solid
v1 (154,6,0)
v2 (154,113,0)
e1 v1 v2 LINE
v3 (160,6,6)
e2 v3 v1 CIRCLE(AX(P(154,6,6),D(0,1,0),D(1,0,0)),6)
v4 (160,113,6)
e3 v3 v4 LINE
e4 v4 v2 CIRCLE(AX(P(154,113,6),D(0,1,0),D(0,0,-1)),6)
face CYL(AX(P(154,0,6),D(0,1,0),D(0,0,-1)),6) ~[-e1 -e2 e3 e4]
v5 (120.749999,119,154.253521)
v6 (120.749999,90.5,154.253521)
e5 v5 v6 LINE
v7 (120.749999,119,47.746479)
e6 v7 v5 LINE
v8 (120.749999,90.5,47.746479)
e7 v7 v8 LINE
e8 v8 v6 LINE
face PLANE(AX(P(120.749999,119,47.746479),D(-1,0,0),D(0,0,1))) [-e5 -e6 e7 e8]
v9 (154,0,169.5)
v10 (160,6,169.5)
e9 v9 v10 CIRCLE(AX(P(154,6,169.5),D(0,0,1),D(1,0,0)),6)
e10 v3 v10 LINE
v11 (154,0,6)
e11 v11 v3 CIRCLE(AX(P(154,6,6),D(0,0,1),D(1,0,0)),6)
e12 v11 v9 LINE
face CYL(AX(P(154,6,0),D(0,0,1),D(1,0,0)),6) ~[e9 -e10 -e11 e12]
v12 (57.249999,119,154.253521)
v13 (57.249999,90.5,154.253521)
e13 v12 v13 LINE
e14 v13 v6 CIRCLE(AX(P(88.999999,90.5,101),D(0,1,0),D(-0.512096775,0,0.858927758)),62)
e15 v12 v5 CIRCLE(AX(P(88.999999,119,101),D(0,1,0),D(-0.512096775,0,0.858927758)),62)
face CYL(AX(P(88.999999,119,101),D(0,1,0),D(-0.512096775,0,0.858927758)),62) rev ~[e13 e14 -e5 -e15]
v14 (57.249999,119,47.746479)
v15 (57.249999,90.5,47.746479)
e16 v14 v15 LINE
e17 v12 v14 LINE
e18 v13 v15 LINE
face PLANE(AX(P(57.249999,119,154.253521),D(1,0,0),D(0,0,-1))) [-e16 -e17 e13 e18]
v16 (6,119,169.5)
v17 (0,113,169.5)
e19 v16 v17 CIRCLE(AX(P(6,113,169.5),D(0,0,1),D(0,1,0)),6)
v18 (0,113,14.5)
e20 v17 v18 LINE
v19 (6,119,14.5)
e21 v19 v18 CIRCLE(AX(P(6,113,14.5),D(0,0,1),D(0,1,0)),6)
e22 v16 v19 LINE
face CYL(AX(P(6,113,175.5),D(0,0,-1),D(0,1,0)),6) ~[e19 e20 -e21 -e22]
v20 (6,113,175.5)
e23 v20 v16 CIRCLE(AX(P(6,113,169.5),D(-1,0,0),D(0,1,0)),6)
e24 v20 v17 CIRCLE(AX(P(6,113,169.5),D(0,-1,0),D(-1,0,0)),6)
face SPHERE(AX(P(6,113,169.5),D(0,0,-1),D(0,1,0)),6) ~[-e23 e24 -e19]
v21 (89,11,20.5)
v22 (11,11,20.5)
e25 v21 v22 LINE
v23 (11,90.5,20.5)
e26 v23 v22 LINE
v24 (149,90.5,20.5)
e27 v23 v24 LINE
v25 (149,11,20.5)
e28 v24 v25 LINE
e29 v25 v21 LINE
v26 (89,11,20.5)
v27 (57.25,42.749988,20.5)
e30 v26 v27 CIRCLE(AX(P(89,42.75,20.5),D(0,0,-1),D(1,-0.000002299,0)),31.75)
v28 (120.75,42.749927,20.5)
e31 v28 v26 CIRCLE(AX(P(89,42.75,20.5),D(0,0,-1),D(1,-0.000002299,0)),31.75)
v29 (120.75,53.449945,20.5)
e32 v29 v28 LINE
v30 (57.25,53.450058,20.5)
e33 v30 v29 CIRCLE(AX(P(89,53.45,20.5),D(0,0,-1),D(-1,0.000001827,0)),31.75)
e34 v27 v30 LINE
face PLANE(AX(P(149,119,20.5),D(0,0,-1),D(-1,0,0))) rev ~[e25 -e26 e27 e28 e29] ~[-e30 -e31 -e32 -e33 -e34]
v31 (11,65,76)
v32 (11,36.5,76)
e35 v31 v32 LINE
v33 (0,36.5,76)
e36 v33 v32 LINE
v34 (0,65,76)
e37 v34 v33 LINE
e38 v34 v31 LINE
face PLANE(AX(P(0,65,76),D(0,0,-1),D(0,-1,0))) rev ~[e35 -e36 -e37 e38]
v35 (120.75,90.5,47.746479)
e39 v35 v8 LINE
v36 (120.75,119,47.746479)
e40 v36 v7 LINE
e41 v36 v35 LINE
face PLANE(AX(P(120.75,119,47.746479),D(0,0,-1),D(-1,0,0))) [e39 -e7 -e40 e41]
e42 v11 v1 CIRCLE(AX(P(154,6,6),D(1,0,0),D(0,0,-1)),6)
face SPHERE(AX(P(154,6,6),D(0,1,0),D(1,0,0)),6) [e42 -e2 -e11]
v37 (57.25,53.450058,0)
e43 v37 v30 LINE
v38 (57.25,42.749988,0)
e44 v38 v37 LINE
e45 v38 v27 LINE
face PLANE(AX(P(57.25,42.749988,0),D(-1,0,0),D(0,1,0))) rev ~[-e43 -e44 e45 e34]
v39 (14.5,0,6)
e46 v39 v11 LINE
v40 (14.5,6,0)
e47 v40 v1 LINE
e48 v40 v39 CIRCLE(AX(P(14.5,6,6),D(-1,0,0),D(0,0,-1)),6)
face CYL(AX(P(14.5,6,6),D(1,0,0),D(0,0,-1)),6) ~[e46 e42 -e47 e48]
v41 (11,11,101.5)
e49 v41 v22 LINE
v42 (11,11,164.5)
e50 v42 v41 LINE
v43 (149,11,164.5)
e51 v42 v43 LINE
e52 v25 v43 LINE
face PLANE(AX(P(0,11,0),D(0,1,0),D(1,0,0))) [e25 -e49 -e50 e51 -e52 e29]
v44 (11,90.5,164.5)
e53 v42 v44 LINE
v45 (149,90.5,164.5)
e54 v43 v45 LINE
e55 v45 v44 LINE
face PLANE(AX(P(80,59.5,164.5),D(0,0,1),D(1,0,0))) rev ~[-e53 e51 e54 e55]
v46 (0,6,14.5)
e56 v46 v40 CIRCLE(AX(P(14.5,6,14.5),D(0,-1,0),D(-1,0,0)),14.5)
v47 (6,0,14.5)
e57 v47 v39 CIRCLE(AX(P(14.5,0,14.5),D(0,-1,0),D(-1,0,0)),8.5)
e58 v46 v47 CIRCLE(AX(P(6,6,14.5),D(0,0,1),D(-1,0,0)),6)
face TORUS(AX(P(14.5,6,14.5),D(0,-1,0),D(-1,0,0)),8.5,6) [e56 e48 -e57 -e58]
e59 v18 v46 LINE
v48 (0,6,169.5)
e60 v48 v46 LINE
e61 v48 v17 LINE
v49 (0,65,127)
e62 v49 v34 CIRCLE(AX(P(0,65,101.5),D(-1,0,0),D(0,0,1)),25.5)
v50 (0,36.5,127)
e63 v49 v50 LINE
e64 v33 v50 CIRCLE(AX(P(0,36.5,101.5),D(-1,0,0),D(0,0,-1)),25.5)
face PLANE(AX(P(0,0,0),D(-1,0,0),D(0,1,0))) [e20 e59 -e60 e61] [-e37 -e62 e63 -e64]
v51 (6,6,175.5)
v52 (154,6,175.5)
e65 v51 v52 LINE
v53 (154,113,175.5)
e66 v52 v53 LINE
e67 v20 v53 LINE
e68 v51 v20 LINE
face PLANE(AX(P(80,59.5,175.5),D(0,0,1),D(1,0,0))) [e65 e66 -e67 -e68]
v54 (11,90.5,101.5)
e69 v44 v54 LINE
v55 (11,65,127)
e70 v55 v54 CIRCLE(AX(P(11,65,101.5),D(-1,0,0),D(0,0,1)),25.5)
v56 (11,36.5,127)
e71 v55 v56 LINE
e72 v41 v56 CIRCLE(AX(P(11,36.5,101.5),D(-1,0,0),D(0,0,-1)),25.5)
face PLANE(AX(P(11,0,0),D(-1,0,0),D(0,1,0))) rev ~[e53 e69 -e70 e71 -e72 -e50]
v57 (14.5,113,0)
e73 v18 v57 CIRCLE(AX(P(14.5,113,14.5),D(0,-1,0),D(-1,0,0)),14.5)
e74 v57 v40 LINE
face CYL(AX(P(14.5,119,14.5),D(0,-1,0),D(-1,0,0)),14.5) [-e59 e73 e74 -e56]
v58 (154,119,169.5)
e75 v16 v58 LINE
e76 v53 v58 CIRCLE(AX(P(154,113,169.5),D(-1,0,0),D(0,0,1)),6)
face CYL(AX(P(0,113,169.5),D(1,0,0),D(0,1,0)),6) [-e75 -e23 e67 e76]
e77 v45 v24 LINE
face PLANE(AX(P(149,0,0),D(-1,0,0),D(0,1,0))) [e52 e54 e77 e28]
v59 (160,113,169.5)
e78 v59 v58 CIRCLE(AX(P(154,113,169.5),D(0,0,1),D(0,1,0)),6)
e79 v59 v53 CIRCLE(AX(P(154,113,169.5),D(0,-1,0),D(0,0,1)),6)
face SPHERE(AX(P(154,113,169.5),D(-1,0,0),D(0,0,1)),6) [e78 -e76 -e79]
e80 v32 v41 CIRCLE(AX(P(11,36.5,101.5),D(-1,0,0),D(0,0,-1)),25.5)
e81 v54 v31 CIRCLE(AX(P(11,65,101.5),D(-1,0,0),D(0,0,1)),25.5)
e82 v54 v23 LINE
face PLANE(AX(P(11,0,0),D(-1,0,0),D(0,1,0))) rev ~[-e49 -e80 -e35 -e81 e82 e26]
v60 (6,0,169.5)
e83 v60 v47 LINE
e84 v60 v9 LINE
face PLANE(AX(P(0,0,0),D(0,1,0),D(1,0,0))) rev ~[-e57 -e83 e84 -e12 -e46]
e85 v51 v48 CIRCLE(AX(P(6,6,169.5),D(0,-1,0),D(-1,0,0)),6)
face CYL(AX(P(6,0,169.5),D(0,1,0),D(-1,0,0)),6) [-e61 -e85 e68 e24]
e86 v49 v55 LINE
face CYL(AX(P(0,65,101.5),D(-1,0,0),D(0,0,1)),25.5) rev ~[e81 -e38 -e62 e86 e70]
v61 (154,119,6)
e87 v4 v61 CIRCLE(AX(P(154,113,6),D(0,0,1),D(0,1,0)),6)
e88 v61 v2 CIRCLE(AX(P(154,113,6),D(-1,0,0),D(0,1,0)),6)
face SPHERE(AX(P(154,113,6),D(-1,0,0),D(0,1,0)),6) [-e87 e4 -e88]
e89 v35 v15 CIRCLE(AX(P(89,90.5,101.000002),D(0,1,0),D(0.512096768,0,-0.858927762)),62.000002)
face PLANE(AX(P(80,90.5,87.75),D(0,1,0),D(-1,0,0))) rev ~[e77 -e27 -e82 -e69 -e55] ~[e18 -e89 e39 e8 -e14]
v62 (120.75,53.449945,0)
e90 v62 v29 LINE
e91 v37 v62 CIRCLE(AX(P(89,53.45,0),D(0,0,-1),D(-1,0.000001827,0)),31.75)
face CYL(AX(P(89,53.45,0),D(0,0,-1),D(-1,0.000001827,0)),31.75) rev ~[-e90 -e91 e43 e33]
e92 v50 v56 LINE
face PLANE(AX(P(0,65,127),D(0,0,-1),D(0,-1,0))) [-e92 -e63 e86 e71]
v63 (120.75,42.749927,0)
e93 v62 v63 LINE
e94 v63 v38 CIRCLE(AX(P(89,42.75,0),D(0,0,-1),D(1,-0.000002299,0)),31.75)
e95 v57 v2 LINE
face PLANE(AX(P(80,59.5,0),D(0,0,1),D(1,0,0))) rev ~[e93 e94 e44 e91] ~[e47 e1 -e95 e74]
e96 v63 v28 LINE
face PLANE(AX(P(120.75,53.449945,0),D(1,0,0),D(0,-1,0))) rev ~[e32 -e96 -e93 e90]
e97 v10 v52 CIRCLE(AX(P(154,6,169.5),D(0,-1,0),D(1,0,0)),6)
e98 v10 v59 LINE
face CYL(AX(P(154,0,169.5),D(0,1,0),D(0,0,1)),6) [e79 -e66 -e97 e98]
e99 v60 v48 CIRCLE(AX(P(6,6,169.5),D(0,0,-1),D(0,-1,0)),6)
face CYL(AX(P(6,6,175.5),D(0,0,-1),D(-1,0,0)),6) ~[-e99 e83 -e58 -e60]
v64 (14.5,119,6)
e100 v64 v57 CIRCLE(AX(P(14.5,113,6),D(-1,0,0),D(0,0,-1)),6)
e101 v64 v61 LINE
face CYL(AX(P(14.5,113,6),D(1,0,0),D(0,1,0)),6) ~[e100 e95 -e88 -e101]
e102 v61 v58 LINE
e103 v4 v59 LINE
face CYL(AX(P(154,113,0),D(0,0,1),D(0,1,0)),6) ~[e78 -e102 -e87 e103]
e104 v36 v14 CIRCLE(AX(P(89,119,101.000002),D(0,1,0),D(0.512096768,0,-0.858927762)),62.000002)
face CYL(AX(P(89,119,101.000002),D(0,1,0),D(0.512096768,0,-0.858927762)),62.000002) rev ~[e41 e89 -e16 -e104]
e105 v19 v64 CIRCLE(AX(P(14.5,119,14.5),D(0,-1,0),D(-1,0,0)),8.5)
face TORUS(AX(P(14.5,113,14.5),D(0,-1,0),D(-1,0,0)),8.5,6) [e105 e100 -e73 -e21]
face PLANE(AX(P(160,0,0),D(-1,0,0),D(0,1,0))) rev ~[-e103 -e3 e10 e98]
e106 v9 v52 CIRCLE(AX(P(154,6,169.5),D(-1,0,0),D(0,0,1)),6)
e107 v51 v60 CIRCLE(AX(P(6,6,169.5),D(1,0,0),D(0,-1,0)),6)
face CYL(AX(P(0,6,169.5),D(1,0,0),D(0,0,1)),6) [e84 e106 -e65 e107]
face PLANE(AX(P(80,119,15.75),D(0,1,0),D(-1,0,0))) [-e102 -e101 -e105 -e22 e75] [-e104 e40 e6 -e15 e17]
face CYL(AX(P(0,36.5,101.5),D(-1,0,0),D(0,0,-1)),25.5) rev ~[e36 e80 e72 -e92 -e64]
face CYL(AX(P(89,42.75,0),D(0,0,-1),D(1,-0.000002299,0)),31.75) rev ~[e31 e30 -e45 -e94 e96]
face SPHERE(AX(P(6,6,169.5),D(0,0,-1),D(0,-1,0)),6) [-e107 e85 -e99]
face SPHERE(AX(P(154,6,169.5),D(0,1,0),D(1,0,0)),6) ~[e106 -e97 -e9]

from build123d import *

# Parameters (mm, degrees)
SKETCH_W             = 160
SKETCH_H             = 119
PAD_DEPTH            = 175.5
THICKNESS_T          = -11
SKETCH001_W          = 138
SKETCH001_H          = 9.5
PAD001_DEPTH         = 108
SKETCH002_W          = 160
SKETCH002_H          = 175.5
PAD002_DEPTH         = 28.5
POCKET_DEPTH         = 20.5
POCKET001_DEPTH      = 11
POCKET002_DEPTH      = 32
POCKET002_DEPTH_BACK = 1
FILLET_R             = 14.5
FILLET001_R          = 6


with BuildPart() as part:
    # Sketch → Pad (new body)
    with BuildSketch(Plane.XY):
        with Locations((80, 59.5)):
            Rectangle(SKETCH_W, SKETCH_H)
    extrude(amount=PAD_DEPTH)

    # Thickness
    thickness_openings = [part.faces().sort_by_distance(p)[0] for p in [
        (80, 119, 87.75),
    ]]
    offset(amount=THICKNESS_T, openings=thickness_openings, kind=Kind.INTERSECTION)

    # Sketch001 (on Face6 of Thickness) → Pad001 (join)
    with BuildSketch(Plane(origin=(0, 119, 0), x_dir=(-1, 0, 0), z_dir=(0, 1, 0))):
        with Locations((-80, 15.75)):
            Rectangle(SKETCH001_W, SKETCH001_H)
    extrude(amount=-PAD001_DEPTH)

    # Sketch002 (on Face6 of Pad001) → Pad002 (join)
    with BuildSketch(Plane(origin=(0, 119, 0), x_dir=(-1, 0, 0), z_dir=(0, 1, 0))):
        with Locations((-80, 87.75)):
            Rectangle(SKETCH002_W, SKETCH002_H)
    extrude(amount=-PAD002_DEPTH)

    # Sketch003 (on Face4 of Pad002) → Pocket (cut)
    with BuildSketch(Plane(origin=(0, 0, 0), x_dir=(1, 0, 0), z_dir=(0, 0, -1))):
        with BuildLine():
            ThreePointArc((120.75, -42.749927), (88.999969, -11), (57.25, -42.749988))
            Line((57.25, -42.749988), (57.25, -53.450058))
            ThreePointArc((57.25, -53.450058), (89.000056, -85.2), (120.75, -53.449945))
            Line((120.75, -53.449945), (120.75, -42.749927))
        make_face()
    extrude(amount=-POCKET_DEPTH, mode=Mode.SUBTRACT)

    # Sketch004 (on Face2 of Pocket) → Pocket001 (cut)
    with BuildSketch(Plane(origin=(0, 0, 0), x_dir=(0, -1, 0), z_dir=(-1, 0, 0))):
        with BuildLine():
            ThreePointArc((-65, 127), (-90.5, 101.5), (-65, 76))
            Line((-65, 76), (-36.5, 76))
            ThreePointArc((-36.5, 76), (-11, 101.5), (-36.5, 127))
            Line((-65, 127), (-36.5, 127))
        make_face()
    extrude(amount=-POCKET001_DEPTH, mode=Mode.SUBTRACT)

    # Sketch005 (on Face6 of Pocket001) → Pocket002 (cut, two sides)
    with BuildSketch(Plane(origin=(0, 119, 0), x_dir=(-1, 0, 0), z_dir=(0, 1, 0))) as pocket002_sk:
        with BuildLine():
            ThreePointArc((-57.249999, 154.253521), (-88.999999, 163), (-120.749999, 154.253521))
            Line((-120.749999, 47.746479), (-120.749999, 154.253521))
            Line((-120.75, 47.746479), (-120.749999, 47.746479))
            ThreePointArc((-120.75, 47.746479), (-89, 39), (-57.249999, 47.746479))
            Line((-57.249999, 154.253521), (-57.249999, 47.746479))
        make_face()
    extrude(amount=-POCKET002_DEPTH, mode=Mode.SUBTRACT)
    extrude(pocket002_sk.sketch, amount=POCKET002_DEPTH_BACK, mode=Mode.SUBTRACT)

    # Fillet
    fillet_edges = [part.edges().sort_by_distance(p)[0] for p in [
        (0, 59.5, 0),
    ]]
    fillet(fillet_edges, radius=FILLET_R)

    # Fillet001
    fillet001_edges = [part.edges().sort_by_distance(p)[0] for p in [
        (87.25, 119, 0),
        (4.246952, 119, 4.246952),
        (0, 119, 95),
        (80, 119, 175.5),
        (160, 59.5, 175.5),
        (160, 119, 87.75),
        (160, 59.5, 0),
        (160, 0, 87.75),
        (87.25, 0, 0),
        (4.246952, 0, 4.246952),
        (0, 0, 95),
        (80, 0, 175.5),
        (0, 59.5, 175.5),
    ]]
    fillet(fillet001_edges, radius=FILLET001_R)


solid = part.part
